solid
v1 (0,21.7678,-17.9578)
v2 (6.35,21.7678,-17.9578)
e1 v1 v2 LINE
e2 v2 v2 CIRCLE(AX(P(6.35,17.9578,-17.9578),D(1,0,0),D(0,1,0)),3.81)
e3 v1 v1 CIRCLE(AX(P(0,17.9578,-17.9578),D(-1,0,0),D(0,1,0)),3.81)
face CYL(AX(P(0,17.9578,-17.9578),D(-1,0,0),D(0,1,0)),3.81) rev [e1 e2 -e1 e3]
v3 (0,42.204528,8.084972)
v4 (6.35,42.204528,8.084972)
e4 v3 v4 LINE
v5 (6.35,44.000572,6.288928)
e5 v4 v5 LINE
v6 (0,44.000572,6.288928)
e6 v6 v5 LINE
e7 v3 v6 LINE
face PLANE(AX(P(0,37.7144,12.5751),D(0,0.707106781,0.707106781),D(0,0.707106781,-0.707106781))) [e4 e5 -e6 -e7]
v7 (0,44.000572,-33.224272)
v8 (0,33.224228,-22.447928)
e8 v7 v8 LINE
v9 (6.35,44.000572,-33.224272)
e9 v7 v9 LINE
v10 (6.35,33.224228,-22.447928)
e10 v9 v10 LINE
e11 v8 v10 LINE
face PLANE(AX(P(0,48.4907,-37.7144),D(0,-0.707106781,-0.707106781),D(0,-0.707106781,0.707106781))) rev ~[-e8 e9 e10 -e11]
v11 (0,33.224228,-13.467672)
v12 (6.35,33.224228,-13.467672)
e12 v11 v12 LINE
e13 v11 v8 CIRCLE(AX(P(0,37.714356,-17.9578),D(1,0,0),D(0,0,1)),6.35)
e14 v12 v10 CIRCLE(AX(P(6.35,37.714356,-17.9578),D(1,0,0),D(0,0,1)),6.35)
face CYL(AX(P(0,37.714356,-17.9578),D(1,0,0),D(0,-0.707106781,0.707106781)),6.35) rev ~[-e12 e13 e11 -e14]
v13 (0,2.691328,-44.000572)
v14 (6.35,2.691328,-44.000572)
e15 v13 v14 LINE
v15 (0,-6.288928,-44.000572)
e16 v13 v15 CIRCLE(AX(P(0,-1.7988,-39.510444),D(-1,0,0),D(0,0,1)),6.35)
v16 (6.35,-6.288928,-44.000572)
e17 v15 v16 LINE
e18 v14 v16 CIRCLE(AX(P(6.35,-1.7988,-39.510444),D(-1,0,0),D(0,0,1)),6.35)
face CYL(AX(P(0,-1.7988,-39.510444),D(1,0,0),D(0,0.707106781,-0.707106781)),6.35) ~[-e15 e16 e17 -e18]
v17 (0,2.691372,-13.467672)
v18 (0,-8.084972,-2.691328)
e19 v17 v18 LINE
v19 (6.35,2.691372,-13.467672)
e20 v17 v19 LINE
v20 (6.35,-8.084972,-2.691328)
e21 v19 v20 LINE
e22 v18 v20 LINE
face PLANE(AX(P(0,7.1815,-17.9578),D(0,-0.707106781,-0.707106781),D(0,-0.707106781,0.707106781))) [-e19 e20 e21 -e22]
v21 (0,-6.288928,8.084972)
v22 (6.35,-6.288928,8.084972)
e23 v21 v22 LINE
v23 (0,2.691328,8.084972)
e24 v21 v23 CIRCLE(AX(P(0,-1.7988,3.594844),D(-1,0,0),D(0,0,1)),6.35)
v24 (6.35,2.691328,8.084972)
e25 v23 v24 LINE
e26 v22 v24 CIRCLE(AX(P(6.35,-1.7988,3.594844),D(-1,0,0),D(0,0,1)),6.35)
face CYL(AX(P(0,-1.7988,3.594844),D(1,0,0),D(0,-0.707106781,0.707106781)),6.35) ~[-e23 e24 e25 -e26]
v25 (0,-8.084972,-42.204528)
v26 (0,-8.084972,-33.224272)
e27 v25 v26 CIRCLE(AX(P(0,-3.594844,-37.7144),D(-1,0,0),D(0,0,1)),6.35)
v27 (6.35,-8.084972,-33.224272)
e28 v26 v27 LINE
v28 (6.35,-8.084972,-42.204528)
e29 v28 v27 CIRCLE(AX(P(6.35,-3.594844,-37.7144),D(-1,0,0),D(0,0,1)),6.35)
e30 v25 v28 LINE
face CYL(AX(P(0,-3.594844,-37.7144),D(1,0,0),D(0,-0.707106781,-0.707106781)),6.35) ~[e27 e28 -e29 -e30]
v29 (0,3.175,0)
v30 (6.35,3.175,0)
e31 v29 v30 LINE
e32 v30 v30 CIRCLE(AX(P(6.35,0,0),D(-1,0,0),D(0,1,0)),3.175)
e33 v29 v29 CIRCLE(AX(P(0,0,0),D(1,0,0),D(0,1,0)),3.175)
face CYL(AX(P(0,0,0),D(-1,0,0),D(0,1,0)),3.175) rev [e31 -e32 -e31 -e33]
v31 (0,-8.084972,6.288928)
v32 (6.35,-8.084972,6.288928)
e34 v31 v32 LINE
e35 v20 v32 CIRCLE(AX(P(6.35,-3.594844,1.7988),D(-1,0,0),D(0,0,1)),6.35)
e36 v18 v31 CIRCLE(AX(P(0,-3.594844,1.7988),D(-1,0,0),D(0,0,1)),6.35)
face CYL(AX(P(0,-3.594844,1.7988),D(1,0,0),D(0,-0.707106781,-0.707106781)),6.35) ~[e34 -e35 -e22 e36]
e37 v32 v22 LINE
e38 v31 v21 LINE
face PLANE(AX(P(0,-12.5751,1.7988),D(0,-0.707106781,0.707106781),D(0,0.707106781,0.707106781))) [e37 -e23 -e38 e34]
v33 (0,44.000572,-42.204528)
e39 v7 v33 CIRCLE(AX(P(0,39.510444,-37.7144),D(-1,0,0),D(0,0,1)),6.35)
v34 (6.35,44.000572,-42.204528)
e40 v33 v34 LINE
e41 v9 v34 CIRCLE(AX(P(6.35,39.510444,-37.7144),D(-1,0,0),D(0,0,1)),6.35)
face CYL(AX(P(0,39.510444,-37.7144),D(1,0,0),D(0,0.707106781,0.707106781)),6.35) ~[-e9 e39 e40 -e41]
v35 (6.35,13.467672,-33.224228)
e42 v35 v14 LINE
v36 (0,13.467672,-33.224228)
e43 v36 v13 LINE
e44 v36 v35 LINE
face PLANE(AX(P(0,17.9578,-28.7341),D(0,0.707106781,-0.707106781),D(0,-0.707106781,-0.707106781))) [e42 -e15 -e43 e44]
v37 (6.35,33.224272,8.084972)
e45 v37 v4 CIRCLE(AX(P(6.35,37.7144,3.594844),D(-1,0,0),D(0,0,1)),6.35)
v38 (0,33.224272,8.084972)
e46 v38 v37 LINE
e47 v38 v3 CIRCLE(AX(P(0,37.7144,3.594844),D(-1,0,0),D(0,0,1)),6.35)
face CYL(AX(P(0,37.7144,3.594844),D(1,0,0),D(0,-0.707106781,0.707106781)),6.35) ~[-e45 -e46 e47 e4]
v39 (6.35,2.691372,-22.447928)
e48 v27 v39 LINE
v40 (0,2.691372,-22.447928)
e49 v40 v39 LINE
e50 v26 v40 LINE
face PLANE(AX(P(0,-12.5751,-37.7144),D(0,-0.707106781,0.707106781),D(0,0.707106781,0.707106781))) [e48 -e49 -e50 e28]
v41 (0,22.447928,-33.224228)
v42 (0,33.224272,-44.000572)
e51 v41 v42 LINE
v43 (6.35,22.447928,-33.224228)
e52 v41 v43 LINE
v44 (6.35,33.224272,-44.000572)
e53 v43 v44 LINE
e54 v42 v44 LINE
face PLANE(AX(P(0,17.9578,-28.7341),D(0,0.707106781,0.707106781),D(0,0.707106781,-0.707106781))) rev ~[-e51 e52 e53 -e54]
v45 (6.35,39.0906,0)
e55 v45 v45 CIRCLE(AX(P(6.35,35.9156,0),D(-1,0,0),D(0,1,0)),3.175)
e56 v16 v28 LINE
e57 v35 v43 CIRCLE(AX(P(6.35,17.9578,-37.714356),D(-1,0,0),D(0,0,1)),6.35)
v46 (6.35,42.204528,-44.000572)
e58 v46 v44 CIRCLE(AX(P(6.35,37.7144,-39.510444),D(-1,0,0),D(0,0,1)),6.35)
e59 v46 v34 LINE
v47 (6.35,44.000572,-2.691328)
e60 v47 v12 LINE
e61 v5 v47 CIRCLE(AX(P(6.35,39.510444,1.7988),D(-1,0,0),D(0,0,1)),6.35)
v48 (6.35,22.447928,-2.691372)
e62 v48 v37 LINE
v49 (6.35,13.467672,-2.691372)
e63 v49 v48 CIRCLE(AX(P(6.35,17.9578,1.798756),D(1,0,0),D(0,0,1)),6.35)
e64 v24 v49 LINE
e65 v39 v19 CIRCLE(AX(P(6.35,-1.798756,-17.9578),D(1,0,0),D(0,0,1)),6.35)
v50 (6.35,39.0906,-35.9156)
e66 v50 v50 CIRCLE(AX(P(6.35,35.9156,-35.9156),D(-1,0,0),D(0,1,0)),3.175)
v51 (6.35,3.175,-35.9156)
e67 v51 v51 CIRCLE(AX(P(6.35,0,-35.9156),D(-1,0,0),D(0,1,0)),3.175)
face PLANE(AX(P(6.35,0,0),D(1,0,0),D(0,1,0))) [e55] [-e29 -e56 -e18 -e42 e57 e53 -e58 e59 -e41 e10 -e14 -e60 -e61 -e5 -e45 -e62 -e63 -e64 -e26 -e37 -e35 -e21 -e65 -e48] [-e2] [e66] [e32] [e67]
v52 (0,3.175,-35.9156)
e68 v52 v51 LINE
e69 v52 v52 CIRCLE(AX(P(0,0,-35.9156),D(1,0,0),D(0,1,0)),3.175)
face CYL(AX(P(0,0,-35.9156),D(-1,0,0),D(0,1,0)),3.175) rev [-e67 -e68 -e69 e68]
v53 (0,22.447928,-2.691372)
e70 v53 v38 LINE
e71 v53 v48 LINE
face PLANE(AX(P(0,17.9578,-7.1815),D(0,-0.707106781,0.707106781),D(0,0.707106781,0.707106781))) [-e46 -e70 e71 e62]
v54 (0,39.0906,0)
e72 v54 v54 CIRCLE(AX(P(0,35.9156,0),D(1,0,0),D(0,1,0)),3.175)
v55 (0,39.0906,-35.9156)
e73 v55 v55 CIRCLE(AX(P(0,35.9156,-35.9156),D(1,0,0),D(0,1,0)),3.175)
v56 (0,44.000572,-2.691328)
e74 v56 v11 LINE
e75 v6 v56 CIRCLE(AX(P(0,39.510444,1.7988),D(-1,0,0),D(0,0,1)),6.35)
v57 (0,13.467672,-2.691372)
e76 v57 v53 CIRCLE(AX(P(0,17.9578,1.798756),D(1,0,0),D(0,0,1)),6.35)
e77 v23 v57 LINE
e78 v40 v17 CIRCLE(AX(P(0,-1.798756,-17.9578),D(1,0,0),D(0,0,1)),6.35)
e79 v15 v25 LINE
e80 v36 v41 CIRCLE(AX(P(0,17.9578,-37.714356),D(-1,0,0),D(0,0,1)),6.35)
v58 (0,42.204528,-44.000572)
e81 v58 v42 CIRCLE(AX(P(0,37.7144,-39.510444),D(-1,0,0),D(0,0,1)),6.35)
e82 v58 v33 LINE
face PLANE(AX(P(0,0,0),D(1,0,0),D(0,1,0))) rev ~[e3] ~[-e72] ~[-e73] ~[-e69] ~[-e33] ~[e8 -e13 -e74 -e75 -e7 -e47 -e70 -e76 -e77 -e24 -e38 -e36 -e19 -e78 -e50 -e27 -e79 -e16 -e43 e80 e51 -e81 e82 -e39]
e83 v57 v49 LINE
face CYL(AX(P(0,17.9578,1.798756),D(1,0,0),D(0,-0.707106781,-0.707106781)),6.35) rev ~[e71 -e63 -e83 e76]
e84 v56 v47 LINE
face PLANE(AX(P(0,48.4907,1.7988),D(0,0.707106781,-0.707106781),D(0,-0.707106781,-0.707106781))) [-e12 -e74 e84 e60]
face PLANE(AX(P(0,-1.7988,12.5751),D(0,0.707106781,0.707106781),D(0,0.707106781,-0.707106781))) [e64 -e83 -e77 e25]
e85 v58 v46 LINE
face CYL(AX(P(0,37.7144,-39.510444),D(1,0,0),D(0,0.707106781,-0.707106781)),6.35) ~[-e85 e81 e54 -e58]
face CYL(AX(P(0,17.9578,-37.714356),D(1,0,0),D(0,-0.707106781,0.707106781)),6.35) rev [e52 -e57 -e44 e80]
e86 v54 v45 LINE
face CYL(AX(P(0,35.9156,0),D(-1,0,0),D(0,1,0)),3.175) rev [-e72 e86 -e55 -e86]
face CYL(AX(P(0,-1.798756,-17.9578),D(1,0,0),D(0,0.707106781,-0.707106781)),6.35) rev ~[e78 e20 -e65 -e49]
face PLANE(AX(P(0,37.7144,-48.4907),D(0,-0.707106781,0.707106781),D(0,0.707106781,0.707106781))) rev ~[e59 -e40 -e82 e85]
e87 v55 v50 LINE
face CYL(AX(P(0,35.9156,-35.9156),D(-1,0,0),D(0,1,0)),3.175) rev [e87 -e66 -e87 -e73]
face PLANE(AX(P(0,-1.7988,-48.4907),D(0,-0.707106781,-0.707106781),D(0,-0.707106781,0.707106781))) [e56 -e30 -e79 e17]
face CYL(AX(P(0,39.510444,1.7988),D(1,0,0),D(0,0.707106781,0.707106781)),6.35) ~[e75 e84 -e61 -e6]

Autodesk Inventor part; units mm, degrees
ref_plane "YZ Plane" through (0, 0, 0) normal (1, 0, 0) x (0, 1, 0)
ref_plane "XZ Plane" through (0, 0, 0) normal (0, 1, 0) x (-1, 0, 0)
ref_plane "XY Plane" through (0, 0, 0) normal (0, 0, 1) x (1, 0, 0)
sketch "Sketch1" plane through (0, 0, 0) normal (1, 0, 0) x (0, 1, 0)
  circle A0 centre (17.9578, -17.9578) radius 3.81
  circle A1 centre (35.9156, 0) radius 3.175
  circle A2 centre (0, -35.9156) radius 3.175
  circle A3 centre (35.9156, -35.9156) radius 3.175
  circle A4 centre (0, 0) radius 3.175
  line L0 (17.9578, -17.9578) -> (23.346, -23.346)
  line L1 (23.346, -23.346) -> (12.5696, -23.346)
  line L2 (17.9578, -28.7341) -> (37.7144, -48.4907)
  line L3 (37.7144, -48.4907) -> (48.4907, -37.7144)
  line L4 (48.4907, -37.7144) -> (28.7341, -17.9578)
  line L5 (17.9578, -28.7341) -> (-1.7988, -48.4907)
  line L6 (-1.7988, -48.4907) -> (-12.5751, -37.7144)
  line L7 (-12.5751, -37.7144) -> (7.1815, -17.9578)
  line L8 (7.1815, -17.9578) -> (-12.5751, 1.7988)
  line L9 (-12.5751, 1.7988) -> (-1.7988, 12.5751)
  line L10 (-1.7988, 12.5751) -> (17.9578, -7.1815)
  line L11 (17.9578, -7.1815) -> (37.7144, 12.5751)
  line L12 (37.7144, 12.5751) -> (48.4907, 1.7988)
  line L13 (48.4907, 1.7988) -> (28.7341, -17.9578)
  line L14 (35.9156, 0) -> (33.6705, -2.2451)
  line L15 (0, 0) -> (2.2451, -2.2451)
  line L16 (15.2637, -15.2637) -> (17.9578, -17.9578)
  line L17 (22.6724, -13.2432) -> (20.6519, -15.2637)
  line L18 (15.2637, -20.6519) -> (12.5696, -23.346)
  line L19 (2.2451, -33.6705) -> (0, -35.9156)
  line L20 (35.9156, 0) -> (35.9156, -3.175)
  line L21 (35.9156, -32.7406) -> (35.9156, -35.9156)
  line L22 (35.9156, -35.9156) -> (32.7406, -35.9156)
  line L23 (3.175, -35.9156) -> (0, -35.9156)
  line L24 (0, -35.9156) -> (0, -32.7406)
  line L25 (0, -3.175) -> (0, 0)
  line L26 (0, 0) -> (3.175, 0)
  line L27 (32.7406, 0) -> (35.9156, 0)
  point P0 (20.6519, -20.6519)
  dimension "d0" = 35.9156
  dimension "d1" = 35.9156
  dimension "d2" = 7.62
  dimension "d3" = 6.35
  dimension "d4" = 6.35
  dimension "d5" = 6.35
  dimension "d6" = 6.35
  dimension "d7" = 7.62
  dimension "d8" = 35.56
  dimension "d9" = 15.24
  dimension "d10" = 35.56
  dimension "d11" = 15.24
  dimension "d12" = 35.56
extrude "Extrusion1" add sketch "Sketch1" along normal blind 6.35 contours L0 L1 L18 A0 | L5 L6 L7 L8 L9 L10 L11 L12 L13 L4 L3 L2
fillet "Fillet1" radius 6.35 12 edges at (3.175, 28.7341, -17.9578) (3.175, 48.4907, -37.7144) (3.175, 37.7144, -48.4907) (3.175, -1.7988, -48.4907) (3.175, -1.7988, 12.5751) (3.175, 37.7144, 12.5751) (3.175, 48.4907, 1.7988) (3.175, 17.9578, -28.7341) (3.175, -12.5751, -37.7144) (3.175, -12.5751, 1.7988) (3.175, 7.1815, -17.9578) (3.175, 17.9578, -7.1815)
properties part number "Gearbox"
